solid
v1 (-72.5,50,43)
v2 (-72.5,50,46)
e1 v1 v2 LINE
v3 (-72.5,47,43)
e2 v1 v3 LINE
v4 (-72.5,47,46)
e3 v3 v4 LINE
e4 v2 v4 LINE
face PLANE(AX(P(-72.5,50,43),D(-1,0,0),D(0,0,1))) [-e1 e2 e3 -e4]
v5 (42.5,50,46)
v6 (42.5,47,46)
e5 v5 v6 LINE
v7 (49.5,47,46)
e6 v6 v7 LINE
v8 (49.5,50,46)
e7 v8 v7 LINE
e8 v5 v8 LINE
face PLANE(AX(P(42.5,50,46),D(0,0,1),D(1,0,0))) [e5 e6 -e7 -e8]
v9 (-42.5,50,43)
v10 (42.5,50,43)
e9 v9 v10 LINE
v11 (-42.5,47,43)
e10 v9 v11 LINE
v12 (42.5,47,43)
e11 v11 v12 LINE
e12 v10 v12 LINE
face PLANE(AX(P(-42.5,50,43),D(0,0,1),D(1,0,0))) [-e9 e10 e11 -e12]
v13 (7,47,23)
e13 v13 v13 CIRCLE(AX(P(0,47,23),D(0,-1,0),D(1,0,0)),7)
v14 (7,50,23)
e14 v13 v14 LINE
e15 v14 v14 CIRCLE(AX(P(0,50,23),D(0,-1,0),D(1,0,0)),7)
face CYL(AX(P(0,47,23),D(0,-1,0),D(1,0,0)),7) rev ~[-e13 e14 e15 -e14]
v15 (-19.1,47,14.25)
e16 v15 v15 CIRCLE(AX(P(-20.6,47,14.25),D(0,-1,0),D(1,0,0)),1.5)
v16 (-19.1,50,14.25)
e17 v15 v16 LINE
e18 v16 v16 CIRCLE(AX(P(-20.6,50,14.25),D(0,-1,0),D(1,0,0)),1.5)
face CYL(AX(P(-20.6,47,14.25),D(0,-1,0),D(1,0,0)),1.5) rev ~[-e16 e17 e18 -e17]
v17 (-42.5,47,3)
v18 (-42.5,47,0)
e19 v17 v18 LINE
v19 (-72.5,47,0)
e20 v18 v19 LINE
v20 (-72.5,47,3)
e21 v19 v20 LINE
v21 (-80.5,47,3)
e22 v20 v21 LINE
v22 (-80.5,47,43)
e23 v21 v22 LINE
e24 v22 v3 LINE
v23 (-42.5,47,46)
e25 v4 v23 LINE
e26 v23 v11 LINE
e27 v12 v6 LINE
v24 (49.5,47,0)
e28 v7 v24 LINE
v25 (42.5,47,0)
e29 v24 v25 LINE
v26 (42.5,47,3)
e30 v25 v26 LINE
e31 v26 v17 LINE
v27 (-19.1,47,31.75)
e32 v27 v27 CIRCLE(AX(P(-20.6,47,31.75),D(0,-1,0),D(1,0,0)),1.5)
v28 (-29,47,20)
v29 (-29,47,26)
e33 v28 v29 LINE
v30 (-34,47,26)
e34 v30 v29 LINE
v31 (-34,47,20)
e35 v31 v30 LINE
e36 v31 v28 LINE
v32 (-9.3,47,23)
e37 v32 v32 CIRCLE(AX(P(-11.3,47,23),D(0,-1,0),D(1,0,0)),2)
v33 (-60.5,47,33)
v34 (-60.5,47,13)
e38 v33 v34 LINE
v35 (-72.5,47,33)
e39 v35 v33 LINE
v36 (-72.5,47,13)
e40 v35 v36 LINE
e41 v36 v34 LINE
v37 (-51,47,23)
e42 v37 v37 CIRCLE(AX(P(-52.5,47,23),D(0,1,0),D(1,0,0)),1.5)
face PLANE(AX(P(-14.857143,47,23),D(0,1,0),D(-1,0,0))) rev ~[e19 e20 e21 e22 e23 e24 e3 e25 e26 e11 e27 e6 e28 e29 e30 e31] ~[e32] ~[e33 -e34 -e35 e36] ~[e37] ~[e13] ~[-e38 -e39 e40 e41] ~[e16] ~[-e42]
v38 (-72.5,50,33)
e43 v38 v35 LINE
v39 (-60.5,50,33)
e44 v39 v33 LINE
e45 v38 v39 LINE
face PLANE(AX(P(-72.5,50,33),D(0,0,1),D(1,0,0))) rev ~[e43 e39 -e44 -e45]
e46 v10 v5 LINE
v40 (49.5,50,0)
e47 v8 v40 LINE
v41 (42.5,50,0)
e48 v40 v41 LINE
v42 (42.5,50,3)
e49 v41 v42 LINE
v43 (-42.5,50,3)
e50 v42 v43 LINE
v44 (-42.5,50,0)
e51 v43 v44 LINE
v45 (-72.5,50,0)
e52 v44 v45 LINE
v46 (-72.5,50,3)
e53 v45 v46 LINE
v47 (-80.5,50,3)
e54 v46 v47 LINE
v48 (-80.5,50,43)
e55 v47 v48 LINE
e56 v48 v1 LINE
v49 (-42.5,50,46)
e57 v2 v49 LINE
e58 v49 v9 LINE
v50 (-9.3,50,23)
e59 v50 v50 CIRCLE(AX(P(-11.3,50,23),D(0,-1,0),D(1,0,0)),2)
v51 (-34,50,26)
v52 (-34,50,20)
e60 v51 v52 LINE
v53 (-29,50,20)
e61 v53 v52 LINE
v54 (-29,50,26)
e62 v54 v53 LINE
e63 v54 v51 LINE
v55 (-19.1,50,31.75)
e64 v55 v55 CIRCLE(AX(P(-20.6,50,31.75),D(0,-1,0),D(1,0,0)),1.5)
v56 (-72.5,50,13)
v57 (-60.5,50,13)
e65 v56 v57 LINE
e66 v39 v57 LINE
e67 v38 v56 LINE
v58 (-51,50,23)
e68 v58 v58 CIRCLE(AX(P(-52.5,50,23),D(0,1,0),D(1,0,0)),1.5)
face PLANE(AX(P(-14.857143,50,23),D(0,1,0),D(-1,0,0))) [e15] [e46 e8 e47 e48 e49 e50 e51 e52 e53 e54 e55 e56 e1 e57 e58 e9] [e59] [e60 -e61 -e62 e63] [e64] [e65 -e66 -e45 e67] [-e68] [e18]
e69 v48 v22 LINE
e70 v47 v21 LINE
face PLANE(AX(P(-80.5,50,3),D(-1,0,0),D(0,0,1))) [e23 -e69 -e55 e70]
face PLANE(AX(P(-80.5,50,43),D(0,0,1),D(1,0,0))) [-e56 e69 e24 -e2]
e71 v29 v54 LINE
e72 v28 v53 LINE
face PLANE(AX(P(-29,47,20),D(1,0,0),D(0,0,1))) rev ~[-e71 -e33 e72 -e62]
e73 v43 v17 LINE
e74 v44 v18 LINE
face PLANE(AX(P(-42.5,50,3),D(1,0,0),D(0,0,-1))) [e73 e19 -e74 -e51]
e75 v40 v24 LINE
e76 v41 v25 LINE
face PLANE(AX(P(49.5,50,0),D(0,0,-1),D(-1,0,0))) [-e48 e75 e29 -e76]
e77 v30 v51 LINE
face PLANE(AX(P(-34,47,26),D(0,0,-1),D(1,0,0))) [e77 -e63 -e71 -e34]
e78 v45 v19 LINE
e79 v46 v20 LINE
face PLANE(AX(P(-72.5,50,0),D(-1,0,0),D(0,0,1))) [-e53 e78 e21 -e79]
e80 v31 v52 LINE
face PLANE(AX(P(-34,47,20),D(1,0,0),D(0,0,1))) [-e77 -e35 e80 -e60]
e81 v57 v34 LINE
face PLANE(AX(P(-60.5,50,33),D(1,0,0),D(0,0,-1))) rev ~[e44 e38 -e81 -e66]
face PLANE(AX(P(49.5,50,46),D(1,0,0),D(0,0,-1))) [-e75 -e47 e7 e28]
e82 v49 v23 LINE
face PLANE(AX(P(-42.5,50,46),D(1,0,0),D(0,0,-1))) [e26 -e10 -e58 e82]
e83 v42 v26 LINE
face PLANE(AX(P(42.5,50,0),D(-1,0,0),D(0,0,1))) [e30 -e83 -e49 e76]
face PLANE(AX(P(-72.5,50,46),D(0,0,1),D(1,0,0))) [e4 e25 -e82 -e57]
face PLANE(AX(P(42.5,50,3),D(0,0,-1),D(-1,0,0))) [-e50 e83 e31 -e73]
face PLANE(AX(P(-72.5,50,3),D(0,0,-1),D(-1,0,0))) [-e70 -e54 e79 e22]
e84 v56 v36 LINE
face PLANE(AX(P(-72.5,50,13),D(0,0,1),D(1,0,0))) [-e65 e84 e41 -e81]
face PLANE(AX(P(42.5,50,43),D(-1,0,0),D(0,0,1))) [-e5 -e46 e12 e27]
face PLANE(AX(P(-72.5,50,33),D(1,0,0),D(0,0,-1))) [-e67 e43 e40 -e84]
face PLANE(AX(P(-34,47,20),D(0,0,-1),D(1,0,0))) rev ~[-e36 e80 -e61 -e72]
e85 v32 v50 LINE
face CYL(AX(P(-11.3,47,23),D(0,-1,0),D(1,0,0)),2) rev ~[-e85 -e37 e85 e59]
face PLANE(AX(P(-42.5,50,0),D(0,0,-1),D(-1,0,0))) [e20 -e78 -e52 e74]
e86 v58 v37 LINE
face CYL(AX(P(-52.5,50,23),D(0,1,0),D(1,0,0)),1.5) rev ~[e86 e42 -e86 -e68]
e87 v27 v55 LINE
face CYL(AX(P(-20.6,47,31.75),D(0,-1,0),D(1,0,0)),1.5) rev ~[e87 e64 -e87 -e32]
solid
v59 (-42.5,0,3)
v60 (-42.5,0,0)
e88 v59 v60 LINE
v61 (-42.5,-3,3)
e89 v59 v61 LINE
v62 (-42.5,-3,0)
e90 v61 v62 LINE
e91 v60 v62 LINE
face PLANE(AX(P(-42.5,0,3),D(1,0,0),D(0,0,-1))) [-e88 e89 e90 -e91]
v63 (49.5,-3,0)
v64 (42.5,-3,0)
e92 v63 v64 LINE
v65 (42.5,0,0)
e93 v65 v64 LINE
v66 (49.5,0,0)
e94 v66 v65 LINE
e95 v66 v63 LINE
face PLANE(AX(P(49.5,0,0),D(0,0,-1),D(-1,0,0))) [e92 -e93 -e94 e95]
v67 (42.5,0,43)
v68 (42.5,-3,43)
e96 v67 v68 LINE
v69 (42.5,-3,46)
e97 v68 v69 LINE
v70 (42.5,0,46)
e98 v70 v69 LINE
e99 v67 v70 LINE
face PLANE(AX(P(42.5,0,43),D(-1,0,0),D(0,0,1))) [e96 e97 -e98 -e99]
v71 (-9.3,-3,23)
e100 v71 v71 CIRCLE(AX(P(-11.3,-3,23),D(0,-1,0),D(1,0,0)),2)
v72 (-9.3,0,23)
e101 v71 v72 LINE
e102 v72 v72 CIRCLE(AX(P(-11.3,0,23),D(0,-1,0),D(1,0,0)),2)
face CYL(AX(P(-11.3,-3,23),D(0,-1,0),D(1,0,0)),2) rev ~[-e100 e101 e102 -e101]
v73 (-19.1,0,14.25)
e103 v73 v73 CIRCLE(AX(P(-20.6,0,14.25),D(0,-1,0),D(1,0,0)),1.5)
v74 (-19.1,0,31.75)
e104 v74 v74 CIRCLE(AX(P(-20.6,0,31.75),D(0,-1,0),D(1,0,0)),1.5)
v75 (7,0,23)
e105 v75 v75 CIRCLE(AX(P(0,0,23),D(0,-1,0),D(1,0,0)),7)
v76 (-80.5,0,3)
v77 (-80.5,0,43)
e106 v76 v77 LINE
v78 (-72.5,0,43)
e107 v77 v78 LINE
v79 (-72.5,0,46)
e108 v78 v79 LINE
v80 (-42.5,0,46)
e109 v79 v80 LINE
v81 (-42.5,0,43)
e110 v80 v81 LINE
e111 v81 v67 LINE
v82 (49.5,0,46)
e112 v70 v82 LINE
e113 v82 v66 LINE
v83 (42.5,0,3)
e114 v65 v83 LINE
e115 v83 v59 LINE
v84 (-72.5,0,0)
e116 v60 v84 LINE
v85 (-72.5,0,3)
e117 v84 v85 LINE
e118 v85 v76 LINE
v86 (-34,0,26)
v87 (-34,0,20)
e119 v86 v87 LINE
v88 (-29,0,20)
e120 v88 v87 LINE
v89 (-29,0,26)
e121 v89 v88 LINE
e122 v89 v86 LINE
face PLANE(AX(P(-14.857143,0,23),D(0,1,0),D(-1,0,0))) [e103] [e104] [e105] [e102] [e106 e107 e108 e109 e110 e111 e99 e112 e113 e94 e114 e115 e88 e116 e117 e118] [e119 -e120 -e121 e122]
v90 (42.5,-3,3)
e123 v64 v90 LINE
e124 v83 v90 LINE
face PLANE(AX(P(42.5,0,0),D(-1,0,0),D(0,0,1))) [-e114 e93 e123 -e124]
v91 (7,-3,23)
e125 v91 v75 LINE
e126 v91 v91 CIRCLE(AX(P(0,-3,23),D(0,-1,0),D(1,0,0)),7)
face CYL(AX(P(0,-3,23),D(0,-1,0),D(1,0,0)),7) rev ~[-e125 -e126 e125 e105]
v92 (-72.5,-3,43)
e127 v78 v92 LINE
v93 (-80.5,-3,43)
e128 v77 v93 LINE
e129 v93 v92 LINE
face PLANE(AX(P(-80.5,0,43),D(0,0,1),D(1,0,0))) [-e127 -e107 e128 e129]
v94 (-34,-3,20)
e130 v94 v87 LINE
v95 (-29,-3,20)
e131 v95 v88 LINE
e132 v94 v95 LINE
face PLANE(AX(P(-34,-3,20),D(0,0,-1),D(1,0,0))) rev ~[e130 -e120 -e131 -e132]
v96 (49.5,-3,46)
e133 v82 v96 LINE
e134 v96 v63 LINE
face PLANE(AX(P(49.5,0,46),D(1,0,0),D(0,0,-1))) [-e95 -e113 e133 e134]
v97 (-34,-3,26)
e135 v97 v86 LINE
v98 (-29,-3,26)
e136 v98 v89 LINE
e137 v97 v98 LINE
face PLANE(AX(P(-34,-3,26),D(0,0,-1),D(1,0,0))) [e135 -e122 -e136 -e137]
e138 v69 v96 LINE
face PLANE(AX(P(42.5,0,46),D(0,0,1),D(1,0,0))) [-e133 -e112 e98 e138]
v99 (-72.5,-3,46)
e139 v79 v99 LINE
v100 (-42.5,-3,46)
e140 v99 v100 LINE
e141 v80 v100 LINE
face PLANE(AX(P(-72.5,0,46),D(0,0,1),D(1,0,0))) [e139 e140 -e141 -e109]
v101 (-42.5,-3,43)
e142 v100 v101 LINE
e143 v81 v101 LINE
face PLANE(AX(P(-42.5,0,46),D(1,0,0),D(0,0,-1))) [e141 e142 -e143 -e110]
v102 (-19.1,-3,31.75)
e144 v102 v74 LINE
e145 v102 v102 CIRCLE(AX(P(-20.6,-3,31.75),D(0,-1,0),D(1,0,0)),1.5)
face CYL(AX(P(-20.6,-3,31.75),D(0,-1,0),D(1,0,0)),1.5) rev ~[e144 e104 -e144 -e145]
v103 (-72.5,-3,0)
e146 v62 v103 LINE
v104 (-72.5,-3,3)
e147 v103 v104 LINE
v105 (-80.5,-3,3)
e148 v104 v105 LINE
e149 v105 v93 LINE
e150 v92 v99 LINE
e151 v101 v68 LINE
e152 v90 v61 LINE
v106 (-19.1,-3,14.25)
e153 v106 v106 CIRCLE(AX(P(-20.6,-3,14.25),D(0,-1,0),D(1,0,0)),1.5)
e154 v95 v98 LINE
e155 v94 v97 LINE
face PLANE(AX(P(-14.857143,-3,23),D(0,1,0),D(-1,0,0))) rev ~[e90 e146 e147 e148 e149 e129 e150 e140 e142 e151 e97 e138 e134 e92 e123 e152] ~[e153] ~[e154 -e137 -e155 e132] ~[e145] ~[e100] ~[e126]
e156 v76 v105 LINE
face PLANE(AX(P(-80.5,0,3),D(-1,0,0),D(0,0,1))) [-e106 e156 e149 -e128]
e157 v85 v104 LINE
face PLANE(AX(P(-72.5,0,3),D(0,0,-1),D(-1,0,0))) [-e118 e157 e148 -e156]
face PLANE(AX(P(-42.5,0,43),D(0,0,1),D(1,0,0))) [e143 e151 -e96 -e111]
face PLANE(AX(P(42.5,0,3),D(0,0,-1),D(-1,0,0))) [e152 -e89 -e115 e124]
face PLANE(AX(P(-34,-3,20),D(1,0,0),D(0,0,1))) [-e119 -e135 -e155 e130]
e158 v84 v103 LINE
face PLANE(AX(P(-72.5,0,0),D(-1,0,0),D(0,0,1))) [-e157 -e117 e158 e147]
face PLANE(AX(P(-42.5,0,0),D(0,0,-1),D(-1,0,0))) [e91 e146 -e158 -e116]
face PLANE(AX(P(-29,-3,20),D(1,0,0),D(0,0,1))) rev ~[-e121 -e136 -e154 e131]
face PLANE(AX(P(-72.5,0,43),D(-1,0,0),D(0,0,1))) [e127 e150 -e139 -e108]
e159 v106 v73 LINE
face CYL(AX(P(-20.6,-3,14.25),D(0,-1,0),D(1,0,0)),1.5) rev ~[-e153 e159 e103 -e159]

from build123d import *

# Parameters (mm, degrees)
PAD003_DEPTH    = 3
SKETCH013_R     = 7
SKETCH013_R_2   = 2
SKETCH013_R_3   = 1.5
SKETCH013_W     = 5
SKETCH013_H     = 6
POCKET009_DEPTH = 3.001
SKETCH015_R     = 1.5
SKETCH015_W     = 12
SKETCH015_H     = 20
POCKET_DEPTH    = 3.001


with BuildPart() as ladoderechomotor:
    # Sketch012 → Pad003 (new body)
    with BuildSketch(Plane.XZ):
        Polygon((-80.5, 43), (-72.5, 43), (-72.5, 46), (-42.5, 46), (-42.5, 43), (42.5, 43), (42.5, 46), (49.5, 46), (49.5, 0), (42.5, 0), (42.5, 3), (-42.5, 3), (-42.5, 0), (-72.5, 0), (-72.5, 3), (-80.5, 3), align=None)
    extrude(amount=PAD003_DEPTH)

    # Sketch013 → Pocket009 (cut, through all)
    with BuildSketch(Plane.XZ.offset(3)):
        with Locations((0, 23)):
            Circle(SKETCH013_R)
        with Locations((-11.3, 23)):
            Circle(SKETCH013_R_2)
        with Locations((-20.6, 31.75)):
            Circle(SKETCH013_R_3)
        with Locations((-20.6, 14.25)):
            Circle(SKETCH013_R_3)
        with Locations((-31.5, 23)):
            Rectangle(SKETCH013_W, SKETCH013_H)
    extrude(amount=-POCKET009_DEPTH, mode=Mode.SUBTRACT)


with BuildPart() as ladoizquierdollaveled:
    # Clone base: copy of LadoDerechoMotor
    add(ladoderechomotor.part)


with BuildPart() as ladoizquierdollaveled_1:
    # Clone placement: moved
    add(ladoizquierdollaveled.part.moved(Location((0, 50, 0))))

    # Sketch015 → Pocket (cut, through all)
    with BuildSketch(Plane(origin=(0, 50, 0), x_dir=(1, 0, 0), z_dir=(0, 1, 0))):
        with Locations((-52.5, -23)):
            Circle(SKETCH015_R)
        with Locations((-66.5, -23)):
            Rectangle(SKETCH015_W, SKETCH015_H)
    extrude(amount=-POCKET_DEPTH, mode=Mode.SUBTRACT)


solid = Compound([ladoderechomotor.part, ladoizquierdollaveled_1.part])
